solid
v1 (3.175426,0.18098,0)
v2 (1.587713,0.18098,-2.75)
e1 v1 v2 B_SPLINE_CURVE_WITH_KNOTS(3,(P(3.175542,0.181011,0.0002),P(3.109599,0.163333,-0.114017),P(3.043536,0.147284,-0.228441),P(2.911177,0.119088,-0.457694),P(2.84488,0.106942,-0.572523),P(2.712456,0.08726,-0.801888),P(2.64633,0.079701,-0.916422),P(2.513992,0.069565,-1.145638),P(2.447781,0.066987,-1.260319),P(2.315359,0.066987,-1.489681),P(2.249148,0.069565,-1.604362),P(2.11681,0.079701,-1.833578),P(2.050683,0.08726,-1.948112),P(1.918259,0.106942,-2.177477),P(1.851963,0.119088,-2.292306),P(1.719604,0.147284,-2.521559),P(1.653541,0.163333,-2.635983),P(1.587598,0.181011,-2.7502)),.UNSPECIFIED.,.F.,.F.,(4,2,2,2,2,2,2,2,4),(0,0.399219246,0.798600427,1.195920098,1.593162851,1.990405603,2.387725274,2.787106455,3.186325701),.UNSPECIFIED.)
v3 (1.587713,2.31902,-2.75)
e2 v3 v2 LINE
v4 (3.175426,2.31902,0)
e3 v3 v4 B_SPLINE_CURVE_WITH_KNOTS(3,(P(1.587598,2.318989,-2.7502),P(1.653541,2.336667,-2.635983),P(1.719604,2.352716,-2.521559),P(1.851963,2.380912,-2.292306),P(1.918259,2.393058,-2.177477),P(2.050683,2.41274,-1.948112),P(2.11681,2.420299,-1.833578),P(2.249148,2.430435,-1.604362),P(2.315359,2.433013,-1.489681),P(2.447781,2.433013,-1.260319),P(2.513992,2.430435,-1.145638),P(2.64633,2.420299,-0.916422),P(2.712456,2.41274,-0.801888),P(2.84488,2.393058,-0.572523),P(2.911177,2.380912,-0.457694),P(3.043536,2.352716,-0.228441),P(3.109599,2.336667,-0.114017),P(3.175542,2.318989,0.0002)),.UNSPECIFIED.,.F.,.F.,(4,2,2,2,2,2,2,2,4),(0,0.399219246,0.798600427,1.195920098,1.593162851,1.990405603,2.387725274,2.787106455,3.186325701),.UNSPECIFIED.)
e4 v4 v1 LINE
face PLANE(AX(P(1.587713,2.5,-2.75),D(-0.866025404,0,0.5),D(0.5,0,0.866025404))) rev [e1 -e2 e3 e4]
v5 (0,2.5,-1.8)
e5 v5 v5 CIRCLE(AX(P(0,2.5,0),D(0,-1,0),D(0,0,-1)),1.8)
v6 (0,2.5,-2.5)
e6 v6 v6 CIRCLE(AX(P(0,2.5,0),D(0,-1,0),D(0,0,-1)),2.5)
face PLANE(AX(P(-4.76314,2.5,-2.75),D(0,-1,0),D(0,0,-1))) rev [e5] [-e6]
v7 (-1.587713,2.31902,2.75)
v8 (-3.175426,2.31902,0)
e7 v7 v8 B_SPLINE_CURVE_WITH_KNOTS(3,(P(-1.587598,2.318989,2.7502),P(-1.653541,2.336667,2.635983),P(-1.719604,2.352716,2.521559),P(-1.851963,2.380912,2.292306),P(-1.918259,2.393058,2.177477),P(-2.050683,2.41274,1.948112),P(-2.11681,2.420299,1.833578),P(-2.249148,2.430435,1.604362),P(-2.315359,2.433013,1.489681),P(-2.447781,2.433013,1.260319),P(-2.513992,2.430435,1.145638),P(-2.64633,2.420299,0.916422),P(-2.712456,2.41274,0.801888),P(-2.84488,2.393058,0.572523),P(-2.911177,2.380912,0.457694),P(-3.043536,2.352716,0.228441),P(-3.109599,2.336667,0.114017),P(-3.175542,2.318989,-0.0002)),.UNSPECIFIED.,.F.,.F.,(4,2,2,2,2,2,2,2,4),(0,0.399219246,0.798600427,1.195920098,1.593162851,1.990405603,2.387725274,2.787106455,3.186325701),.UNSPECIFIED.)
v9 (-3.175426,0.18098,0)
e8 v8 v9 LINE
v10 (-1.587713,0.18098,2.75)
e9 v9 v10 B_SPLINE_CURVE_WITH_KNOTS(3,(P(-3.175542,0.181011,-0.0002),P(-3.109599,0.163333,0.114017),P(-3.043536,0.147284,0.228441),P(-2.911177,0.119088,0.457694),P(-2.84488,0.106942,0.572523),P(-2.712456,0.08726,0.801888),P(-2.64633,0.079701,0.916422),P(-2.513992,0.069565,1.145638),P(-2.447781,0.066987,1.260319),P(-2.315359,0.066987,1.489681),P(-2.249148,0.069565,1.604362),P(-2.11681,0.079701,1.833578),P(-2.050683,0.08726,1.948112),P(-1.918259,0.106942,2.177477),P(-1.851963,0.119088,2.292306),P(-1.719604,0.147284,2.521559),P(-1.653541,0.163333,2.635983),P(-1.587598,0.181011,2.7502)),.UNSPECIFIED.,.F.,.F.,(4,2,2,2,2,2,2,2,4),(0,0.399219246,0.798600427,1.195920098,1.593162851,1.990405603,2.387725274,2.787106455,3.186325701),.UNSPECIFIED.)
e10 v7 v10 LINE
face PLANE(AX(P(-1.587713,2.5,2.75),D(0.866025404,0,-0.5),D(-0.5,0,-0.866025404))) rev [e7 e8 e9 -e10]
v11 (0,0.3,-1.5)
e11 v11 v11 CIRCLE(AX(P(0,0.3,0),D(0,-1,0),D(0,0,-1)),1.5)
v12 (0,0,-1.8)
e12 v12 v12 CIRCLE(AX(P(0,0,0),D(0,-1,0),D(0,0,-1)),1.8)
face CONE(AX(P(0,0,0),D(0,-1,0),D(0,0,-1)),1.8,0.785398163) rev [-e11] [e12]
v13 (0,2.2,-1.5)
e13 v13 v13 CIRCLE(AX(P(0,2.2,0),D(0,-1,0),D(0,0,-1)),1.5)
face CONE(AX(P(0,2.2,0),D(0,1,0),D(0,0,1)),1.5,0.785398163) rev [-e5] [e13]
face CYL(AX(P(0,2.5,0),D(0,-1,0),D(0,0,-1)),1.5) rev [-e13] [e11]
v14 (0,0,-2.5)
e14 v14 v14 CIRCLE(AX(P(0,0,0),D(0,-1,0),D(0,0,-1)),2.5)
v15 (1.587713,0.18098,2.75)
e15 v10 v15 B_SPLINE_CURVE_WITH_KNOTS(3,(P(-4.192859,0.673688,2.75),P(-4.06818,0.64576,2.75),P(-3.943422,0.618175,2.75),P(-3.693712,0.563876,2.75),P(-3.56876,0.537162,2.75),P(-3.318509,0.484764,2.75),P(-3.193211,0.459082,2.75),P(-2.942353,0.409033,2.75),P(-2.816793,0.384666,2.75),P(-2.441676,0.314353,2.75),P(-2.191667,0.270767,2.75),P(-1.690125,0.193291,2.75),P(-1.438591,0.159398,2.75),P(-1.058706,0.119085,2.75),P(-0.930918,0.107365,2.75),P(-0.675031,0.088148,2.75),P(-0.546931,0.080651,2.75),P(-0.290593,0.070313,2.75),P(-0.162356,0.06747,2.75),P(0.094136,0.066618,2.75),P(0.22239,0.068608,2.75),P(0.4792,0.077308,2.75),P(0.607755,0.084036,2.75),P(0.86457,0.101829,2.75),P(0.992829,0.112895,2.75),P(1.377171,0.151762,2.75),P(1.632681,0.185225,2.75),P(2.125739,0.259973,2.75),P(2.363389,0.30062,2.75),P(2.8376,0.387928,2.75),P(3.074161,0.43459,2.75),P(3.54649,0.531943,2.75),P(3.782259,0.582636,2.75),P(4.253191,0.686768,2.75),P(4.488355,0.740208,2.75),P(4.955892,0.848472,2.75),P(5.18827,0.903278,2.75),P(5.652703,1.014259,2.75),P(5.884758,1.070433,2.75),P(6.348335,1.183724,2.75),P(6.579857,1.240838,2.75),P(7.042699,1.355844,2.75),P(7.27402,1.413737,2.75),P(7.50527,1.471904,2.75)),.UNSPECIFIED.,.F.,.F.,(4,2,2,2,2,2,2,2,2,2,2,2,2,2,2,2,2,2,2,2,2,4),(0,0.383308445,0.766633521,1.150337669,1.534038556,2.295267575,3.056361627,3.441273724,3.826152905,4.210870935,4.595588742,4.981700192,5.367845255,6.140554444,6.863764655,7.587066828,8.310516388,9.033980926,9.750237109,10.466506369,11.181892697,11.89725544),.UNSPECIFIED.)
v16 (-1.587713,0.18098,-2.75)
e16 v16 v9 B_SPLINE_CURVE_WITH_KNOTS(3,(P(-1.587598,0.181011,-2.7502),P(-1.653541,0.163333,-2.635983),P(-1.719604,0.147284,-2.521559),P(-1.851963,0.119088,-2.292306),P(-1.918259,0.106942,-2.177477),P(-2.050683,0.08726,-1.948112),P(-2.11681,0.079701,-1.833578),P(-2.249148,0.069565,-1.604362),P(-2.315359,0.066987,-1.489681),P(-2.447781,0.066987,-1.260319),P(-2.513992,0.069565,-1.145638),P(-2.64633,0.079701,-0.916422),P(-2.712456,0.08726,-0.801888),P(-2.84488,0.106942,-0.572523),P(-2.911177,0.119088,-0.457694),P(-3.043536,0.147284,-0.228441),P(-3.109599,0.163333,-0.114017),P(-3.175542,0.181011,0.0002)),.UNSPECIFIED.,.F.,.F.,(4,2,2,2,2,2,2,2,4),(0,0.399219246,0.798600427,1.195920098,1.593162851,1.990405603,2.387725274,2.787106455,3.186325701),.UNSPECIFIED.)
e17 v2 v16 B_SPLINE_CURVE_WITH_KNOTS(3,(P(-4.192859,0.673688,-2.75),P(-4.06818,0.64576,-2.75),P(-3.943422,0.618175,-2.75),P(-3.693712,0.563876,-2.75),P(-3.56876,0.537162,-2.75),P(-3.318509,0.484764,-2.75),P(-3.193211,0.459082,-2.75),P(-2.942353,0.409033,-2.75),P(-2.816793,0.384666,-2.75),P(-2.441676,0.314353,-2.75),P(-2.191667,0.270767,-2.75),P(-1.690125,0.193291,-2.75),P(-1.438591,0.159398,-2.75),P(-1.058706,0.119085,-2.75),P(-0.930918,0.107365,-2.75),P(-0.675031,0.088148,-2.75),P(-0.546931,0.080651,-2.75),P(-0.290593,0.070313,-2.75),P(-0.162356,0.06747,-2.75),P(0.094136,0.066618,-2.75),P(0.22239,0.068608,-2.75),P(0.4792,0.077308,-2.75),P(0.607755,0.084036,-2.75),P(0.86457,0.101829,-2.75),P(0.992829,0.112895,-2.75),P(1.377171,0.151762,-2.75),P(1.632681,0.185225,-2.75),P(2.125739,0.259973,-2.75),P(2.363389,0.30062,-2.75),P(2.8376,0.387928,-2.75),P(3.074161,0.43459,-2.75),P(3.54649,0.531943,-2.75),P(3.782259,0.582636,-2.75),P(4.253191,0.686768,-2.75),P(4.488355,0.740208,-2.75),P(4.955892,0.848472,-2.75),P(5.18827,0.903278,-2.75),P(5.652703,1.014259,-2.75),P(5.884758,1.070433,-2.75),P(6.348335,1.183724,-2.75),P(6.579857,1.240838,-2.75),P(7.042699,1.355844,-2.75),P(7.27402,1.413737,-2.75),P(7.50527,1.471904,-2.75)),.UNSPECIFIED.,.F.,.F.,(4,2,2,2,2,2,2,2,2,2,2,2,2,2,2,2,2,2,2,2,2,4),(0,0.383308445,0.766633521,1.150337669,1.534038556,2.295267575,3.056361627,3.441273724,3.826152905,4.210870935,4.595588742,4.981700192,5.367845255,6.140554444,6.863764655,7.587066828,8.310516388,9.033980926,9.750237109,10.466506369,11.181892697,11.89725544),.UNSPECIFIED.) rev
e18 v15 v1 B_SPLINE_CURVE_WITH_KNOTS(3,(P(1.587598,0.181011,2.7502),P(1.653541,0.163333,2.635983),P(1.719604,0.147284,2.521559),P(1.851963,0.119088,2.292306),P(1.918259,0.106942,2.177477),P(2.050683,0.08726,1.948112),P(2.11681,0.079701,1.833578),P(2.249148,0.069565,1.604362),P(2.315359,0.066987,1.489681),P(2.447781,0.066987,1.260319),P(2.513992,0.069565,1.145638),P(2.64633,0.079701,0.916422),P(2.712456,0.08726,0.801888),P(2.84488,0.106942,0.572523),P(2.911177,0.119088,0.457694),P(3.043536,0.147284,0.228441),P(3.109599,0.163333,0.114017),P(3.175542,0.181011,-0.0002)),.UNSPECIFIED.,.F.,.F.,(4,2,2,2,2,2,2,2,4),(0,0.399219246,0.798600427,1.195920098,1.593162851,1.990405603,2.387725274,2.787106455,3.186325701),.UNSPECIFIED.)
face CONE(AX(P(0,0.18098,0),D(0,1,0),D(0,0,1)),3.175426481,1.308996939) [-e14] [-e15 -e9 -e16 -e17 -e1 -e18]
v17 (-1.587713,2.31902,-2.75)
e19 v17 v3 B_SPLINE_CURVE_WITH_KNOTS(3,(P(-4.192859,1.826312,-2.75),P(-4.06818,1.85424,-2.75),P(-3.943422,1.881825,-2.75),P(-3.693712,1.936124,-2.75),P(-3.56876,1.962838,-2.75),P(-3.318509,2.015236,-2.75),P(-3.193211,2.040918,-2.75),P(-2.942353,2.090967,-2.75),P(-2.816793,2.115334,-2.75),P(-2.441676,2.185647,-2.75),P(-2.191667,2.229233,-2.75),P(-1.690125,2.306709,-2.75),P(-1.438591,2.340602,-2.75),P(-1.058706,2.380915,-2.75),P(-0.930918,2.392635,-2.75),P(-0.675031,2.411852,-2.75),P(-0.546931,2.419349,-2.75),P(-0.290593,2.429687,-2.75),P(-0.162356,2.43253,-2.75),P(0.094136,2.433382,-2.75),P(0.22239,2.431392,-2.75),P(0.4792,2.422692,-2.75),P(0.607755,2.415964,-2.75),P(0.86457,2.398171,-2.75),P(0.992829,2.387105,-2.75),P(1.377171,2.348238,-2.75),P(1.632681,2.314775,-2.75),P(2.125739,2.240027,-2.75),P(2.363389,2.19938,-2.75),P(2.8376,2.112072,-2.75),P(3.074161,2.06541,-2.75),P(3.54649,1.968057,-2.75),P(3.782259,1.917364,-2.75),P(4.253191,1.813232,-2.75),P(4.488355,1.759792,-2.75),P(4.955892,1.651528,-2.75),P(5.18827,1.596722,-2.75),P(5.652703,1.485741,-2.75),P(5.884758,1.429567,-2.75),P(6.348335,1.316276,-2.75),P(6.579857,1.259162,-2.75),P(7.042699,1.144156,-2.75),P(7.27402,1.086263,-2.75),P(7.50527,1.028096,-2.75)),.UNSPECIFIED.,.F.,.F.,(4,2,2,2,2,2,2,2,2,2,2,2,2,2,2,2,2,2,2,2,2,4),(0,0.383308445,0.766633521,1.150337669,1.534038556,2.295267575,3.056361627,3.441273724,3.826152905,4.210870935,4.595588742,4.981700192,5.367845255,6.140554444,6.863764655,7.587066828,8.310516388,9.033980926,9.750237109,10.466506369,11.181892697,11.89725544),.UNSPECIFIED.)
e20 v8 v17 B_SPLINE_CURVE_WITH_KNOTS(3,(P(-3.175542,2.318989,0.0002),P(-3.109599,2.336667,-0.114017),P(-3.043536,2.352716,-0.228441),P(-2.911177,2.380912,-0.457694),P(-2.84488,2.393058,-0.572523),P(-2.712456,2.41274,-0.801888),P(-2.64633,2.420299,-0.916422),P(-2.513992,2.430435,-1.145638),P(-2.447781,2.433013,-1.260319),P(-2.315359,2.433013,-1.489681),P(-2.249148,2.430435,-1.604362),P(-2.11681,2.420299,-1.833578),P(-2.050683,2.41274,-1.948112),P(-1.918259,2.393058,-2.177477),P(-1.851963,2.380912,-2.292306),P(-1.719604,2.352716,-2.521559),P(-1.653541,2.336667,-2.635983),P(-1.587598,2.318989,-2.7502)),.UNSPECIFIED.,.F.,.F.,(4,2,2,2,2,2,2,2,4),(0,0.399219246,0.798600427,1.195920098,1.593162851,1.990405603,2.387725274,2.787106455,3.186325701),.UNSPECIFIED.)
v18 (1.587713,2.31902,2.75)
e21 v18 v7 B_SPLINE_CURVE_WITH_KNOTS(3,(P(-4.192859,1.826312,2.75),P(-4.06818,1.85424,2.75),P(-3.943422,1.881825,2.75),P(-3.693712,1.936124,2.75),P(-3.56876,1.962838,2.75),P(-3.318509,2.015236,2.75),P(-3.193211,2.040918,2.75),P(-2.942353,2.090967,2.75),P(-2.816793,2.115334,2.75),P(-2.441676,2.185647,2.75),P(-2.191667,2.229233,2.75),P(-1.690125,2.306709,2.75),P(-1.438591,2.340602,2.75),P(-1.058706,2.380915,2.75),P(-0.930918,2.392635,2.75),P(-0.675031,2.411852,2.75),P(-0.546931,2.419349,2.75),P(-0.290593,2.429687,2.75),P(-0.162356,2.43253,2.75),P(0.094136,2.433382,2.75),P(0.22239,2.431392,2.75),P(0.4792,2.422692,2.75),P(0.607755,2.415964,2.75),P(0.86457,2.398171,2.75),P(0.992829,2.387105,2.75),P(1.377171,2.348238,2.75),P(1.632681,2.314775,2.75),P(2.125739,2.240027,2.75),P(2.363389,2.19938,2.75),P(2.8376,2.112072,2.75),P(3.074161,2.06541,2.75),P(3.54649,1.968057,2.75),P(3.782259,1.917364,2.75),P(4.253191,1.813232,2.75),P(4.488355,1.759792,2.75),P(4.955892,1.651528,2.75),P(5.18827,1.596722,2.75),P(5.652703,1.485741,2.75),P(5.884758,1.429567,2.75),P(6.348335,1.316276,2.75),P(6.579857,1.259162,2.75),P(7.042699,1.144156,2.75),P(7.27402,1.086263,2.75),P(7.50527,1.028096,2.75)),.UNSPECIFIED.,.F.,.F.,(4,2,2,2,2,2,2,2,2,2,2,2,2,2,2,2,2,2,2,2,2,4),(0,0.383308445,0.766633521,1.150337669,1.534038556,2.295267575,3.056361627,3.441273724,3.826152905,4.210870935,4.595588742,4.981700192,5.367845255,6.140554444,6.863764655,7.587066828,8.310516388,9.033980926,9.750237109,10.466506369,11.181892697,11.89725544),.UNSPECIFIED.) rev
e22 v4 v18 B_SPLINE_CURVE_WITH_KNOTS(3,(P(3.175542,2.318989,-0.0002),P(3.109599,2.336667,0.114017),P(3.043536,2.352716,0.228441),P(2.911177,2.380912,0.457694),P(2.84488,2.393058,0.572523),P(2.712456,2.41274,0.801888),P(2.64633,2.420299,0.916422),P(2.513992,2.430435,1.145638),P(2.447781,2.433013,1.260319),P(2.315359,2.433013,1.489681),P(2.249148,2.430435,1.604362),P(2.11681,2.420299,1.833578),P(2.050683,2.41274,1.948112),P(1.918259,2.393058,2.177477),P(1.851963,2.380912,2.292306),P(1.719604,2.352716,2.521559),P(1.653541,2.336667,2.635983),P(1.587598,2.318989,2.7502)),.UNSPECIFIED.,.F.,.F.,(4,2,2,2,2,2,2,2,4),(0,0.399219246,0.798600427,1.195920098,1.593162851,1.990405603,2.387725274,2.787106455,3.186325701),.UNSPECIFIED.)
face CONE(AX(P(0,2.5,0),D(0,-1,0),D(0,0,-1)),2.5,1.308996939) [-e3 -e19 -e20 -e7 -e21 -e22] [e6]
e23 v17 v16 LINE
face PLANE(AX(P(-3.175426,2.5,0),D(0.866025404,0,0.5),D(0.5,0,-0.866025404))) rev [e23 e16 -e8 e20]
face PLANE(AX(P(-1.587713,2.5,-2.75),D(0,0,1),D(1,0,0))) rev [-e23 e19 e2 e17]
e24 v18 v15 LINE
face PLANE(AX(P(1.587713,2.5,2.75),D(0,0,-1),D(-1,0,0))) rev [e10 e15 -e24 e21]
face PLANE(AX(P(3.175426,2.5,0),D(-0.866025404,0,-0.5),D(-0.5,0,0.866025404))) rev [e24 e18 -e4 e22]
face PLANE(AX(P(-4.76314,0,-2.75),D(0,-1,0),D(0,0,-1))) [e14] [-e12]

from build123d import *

# Parameters (mm, degrees)
SKETCH1_R      = 1.5
EXTRUDE1_DEPTH = 2.5


with BuildPart() as part:
    # Sketch1 → Extrude1 (new body)
    with BuildSketch(Plane(origin=(0, 0, 0), x_dir=(1, 0, 0), z_dir=(0, 1, 0))):
        Polygon((-3.175426481, 0), (-1.58771324, 2.75), (1.58771324, 2.75), (3.175426481, 0), (1.58771324, -2.75), (-1.58771324, -2.75), align=None)
        with Locations(Location((0, 0, 0), (0, 0, 270))):  # turned: the seam where the file's is
            Circle(SKETCH1_R, mode=Mode.SUBTRACT)
    extrude(amount=EXTRUDE1_DEPTH)

    # Sketch2 → Cut-Revolve1 (revolve, cut)
    with BuildSketch(Plane.XY, mode=Mode.PRIVATE) as cut_revolve1_sk:
        Polygon((1.5, 2.5), (1.8, 2.5), (1.5, 2.2), align=None)
        Polygon((1.5, 0), (1.8, 0), (1.5, 0.3), align=None)
        Polygon((3.175426481, 0), (3.175426481, 0.18097998), (2.5, 0), align=None)
        Polygon((3.175426481, 2.5), (3.175426481, 2.31902002), (2.5, 2.5), align=None)
    revolve(cut_revolve1_sk.sketch.rotate(Axis((0, 0, 0), (0, 1, 0)), 90), axis=Axis((0, 0, 0), (0, 1, 0)), mode=Mode.SUBTRACT)  # turned: the seam where the file's is


solid = part.part
